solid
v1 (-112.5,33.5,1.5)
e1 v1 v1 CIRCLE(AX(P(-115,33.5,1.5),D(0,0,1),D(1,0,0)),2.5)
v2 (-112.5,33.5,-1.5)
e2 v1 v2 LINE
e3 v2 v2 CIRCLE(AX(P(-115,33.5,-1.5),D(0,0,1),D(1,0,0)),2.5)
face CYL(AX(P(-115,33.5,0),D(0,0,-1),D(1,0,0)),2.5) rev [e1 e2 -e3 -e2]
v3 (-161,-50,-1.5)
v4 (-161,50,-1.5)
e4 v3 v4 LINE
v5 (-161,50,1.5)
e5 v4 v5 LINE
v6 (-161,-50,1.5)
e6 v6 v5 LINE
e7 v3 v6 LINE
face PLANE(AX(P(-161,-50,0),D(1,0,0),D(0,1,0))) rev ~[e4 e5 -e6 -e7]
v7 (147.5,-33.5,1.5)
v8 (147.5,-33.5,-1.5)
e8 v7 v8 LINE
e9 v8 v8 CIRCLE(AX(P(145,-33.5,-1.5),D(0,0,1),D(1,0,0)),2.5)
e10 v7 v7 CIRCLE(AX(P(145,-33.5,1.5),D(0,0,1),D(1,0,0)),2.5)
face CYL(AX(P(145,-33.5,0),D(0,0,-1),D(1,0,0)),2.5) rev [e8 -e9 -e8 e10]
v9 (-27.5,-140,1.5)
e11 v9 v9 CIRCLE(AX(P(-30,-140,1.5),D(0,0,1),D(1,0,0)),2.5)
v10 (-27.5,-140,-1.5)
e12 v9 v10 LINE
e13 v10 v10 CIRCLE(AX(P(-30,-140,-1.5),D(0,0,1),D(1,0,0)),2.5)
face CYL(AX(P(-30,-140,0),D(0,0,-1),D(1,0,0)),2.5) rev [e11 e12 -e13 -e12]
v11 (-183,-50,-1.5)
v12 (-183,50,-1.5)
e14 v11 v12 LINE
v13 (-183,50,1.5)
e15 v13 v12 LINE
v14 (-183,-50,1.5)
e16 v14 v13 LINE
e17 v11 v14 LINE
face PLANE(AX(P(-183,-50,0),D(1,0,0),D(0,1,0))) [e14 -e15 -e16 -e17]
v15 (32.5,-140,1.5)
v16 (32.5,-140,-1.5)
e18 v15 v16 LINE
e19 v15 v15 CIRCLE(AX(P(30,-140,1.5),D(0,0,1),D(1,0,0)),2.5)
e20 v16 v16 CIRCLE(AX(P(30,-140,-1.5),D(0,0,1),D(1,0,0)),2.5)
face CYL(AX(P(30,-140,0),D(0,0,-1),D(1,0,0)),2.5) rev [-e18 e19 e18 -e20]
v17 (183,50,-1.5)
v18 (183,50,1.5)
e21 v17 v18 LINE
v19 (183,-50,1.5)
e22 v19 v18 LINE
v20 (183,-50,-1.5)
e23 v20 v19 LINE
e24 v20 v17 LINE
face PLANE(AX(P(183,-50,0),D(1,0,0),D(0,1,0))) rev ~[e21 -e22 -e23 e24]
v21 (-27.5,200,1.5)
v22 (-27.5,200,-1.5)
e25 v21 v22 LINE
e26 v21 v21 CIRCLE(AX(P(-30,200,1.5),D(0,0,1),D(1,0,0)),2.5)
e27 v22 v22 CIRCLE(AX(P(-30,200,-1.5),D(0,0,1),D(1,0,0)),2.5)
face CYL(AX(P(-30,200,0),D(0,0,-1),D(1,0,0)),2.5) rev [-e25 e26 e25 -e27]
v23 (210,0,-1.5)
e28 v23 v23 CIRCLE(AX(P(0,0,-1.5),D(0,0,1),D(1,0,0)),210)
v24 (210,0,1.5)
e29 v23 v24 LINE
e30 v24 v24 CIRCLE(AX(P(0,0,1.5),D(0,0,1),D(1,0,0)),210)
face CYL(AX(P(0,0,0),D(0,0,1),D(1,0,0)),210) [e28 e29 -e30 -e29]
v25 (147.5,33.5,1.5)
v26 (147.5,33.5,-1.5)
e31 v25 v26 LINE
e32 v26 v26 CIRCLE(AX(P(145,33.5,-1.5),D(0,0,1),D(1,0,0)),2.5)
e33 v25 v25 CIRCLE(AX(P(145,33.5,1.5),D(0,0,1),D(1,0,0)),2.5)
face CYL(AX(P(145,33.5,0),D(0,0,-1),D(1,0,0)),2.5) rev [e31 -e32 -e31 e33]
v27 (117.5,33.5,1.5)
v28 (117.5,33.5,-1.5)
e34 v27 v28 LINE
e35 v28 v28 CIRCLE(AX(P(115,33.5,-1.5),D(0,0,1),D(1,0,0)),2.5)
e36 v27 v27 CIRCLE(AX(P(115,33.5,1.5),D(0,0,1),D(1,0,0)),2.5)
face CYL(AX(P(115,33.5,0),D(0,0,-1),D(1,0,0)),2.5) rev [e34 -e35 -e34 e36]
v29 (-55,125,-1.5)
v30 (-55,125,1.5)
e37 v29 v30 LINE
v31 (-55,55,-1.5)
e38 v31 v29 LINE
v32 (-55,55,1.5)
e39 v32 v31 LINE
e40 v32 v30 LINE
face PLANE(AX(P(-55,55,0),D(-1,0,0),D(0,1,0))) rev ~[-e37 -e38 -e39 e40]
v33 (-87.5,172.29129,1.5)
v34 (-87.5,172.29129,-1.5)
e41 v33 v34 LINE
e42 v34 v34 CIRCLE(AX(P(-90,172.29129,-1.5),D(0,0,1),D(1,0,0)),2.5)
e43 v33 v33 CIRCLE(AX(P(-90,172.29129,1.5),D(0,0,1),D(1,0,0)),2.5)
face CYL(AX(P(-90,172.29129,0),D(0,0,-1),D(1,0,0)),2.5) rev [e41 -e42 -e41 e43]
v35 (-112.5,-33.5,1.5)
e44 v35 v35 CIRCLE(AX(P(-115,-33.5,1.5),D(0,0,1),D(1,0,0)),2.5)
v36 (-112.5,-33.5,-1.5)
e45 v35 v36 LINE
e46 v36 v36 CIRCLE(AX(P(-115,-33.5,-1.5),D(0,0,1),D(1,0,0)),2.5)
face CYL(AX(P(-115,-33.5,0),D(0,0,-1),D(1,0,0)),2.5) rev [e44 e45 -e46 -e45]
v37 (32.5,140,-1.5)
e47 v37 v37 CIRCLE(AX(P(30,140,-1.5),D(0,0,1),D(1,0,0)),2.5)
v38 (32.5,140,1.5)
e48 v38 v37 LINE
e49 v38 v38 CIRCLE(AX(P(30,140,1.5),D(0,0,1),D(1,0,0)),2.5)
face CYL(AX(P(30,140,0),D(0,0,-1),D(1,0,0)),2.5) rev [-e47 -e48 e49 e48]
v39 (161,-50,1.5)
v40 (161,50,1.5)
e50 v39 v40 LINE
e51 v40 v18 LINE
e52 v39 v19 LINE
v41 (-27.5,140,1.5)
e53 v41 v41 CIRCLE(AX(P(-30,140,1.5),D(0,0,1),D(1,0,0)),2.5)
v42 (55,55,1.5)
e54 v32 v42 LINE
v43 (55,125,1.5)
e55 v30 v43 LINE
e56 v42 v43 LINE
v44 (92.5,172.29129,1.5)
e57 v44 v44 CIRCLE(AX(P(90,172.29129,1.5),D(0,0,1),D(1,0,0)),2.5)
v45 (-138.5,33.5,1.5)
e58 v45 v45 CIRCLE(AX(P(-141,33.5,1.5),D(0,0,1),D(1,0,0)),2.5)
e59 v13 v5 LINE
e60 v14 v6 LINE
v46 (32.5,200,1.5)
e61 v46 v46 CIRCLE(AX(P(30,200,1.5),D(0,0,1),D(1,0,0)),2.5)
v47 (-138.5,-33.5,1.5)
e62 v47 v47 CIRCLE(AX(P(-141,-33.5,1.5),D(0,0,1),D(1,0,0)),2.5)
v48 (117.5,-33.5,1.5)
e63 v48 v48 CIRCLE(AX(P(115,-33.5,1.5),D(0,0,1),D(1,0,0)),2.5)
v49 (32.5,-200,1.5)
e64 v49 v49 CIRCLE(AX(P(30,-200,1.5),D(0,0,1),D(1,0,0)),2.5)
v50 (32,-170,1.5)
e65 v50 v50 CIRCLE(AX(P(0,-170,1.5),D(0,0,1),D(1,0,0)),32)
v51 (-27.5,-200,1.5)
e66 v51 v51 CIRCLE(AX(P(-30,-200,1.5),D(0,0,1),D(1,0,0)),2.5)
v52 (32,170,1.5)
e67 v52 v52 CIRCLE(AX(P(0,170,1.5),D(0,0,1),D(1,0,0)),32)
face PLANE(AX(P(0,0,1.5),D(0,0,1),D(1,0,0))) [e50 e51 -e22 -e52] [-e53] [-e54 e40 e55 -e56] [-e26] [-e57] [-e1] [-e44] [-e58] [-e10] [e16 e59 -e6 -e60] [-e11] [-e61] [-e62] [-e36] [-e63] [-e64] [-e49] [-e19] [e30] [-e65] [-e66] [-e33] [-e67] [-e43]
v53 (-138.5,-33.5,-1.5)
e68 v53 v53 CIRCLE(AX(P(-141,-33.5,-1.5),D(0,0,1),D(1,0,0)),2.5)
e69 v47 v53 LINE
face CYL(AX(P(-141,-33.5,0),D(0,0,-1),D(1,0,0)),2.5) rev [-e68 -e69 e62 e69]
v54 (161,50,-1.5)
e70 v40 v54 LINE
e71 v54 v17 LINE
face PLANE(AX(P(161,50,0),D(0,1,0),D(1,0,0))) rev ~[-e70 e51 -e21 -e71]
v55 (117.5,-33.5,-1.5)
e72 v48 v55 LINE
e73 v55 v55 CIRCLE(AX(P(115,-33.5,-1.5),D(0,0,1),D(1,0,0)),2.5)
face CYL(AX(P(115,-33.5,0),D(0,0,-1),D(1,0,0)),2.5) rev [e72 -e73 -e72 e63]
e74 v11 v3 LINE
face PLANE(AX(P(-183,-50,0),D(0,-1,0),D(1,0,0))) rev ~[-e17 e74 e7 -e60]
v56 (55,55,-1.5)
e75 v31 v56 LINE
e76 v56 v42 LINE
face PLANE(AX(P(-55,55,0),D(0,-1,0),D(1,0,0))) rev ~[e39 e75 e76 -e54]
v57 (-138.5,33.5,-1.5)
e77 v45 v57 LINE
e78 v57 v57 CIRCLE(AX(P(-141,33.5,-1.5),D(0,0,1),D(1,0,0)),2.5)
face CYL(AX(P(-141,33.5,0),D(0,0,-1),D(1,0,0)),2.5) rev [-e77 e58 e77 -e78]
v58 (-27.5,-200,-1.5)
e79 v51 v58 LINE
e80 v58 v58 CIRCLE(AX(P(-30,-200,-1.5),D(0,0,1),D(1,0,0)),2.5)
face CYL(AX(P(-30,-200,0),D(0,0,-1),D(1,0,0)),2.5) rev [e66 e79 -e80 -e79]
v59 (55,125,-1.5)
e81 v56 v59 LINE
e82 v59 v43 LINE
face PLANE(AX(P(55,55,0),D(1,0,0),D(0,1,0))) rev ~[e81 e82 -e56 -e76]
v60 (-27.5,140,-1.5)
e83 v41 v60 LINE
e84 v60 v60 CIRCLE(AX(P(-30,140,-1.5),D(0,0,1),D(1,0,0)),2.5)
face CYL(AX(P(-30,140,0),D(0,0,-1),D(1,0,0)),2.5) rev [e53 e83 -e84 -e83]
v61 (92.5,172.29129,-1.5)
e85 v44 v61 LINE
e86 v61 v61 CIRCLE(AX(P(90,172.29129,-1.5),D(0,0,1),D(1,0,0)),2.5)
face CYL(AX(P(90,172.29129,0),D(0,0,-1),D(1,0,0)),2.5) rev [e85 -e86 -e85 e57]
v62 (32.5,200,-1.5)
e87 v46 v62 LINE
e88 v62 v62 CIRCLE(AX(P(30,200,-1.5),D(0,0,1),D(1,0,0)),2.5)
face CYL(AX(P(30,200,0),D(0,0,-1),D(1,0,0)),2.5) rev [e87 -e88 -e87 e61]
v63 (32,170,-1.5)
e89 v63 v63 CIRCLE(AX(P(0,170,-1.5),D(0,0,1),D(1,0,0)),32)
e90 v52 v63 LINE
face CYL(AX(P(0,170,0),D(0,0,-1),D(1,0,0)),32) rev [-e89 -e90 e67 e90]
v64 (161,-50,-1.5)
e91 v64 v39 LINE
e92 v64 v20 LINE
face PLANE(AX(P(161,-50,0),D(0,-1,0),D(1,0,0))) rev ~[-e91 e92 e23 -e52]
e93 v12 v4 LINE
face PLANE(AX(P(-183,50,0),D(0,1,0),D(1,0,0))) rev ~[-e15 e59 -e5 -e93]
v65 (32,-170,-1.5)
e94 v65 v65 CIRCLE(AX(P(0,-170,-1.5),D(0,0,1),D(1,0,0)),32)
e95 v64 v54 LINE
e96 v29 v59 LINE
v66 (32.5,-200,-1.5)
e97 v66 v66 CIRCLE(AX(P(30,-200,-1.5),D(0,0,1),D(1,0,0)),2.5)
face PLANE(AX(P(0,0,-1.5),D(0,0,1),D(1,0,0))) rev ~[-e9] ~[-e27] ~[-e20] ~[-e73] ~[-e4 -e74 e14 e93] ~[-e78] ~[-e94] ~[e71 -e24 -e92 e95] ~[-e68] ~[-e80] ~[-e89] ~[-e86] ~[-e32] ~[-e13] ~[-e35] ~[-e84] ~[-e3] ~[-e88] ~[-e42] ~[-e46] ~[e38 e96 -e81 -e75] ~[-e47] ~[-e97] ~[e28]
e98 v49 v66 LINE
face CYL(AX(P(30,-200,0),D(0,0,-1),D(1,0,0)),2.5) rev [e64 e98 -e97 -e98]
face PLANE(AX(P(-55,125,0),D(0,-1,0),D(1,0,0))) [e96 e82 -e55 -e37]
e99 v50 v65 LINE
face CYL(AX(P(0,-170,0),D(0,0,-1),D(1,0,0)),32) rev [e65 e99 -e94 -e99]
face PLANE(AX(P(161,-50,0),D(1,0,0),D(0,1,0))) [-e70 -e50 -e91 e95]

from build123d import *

# Parameters (mm, degrees)
SKETCH_R   = 210
SKETCH_R_2 = 32
SKETCH_R_3 = 2.5
SKETCH_W   = 22
SKETCH_H   = 100
SKETCH_W_2 = 110
SKETCH_H_2 = 70
PAD_DEPTH  = 1.5


with BuildPart() as part:
    # Sketch → Pad (new body, symmetric)
    with BuildSketch(Plane.XY):
        Circle(SKETCH_R)
        with Locations((0, 170)):
            Circle(SKETCH_R_2, mode=Mode.SUBTRACT)
        with Locations((0, -170)):
            Circle(SKETCH_R_2, mode=Mode.SUBTRACT)
        with Locations((-141, 33.5)):
            Circle(SKETCH_R_3, mode=Mode.SUBTRACT)
        with Locations((-141, -33.5)):
            Circle(SKETCH_R_3, mode=Mode.SUBTRACT)
        with Locations((-115, 33.5)):
            Circle(SKETCH_R_3, mode=Mode.SUBTRACT)
        with Locations((-115, -33.5)):
            Circle(SKETCH_R_3, mode=Mode.SUBTRACT)
        with Locations((115, 33.5)):
            Circle(SKETCH_R_3, mode=Mode.SUBTRACT)
        with Locations((115, -33.5)):
            Circle(SKETCH_R_3, mode=Mode.SUBTRACT)
        with Locations((145, 33.5)):
            Circle(SKETCH_R_3, mode=Mode.SUBTRACT)
        with Locations((145, -33.5)):
            Circle(SKETCH_R_3, mode=Mode.SUBTRACT)
        with Locations((-90, 172.29129)):
            Circle(SKETCH_R_3, mode=Mode.SUBTRACT)
        with Locations((90, 172.29129)):
            Circle(SKETCH_R_3, mode=Mode.SUBTRACT)
        with Locations((-30, 200)):
            Circle(SKETCH_R_3, mode=Mode.SUBTRACT)
        with Locations((30, 200)):
            Circle(SKETCH_R_3, mode=Mode.SUBTRACT)
        with Locations((-30, 140)):
            Circle(SKETCH_R_3, mode=Mode.SUBTRACT)
        with Locations((30, 140)):
            Circle(SKETCH_R_3, mode=Mode.SUBTRACT)
        with Locations((-30, -140)):
            Circle(SKETCH_R_3, mode=Mode.SUBTRACT)
        with Locations((30, -140)):
            Circle(SKETCH_R_3, mode=Mode.SUBTRACT)
        with Locations((-30, -200)):
            Circle(SKETCH_R_3, mode=Mode.SUBTRACT)
        with Locations((30, -200)):
            Circle(SKETCH_R_3, mode=Mode.SUBTRACT)
        with Locations((-172, 0)):
            Rectangle(SKETCH_W, SKETCH_H, mode=Mode.SUBTRACT)
        with Locations((172, 0)):
            Rectangle(SKETCH_W, SKETCH_H, mode=Mode.SUBTRACT)
        with Locations((0, 90)):
            Rectangle(SKETCH_W_2, SKETCH_H_2, mode=Mode.SUBTRACT)
    extrude(amount=PAD_DEPTH, both=True)


solid = part.part
